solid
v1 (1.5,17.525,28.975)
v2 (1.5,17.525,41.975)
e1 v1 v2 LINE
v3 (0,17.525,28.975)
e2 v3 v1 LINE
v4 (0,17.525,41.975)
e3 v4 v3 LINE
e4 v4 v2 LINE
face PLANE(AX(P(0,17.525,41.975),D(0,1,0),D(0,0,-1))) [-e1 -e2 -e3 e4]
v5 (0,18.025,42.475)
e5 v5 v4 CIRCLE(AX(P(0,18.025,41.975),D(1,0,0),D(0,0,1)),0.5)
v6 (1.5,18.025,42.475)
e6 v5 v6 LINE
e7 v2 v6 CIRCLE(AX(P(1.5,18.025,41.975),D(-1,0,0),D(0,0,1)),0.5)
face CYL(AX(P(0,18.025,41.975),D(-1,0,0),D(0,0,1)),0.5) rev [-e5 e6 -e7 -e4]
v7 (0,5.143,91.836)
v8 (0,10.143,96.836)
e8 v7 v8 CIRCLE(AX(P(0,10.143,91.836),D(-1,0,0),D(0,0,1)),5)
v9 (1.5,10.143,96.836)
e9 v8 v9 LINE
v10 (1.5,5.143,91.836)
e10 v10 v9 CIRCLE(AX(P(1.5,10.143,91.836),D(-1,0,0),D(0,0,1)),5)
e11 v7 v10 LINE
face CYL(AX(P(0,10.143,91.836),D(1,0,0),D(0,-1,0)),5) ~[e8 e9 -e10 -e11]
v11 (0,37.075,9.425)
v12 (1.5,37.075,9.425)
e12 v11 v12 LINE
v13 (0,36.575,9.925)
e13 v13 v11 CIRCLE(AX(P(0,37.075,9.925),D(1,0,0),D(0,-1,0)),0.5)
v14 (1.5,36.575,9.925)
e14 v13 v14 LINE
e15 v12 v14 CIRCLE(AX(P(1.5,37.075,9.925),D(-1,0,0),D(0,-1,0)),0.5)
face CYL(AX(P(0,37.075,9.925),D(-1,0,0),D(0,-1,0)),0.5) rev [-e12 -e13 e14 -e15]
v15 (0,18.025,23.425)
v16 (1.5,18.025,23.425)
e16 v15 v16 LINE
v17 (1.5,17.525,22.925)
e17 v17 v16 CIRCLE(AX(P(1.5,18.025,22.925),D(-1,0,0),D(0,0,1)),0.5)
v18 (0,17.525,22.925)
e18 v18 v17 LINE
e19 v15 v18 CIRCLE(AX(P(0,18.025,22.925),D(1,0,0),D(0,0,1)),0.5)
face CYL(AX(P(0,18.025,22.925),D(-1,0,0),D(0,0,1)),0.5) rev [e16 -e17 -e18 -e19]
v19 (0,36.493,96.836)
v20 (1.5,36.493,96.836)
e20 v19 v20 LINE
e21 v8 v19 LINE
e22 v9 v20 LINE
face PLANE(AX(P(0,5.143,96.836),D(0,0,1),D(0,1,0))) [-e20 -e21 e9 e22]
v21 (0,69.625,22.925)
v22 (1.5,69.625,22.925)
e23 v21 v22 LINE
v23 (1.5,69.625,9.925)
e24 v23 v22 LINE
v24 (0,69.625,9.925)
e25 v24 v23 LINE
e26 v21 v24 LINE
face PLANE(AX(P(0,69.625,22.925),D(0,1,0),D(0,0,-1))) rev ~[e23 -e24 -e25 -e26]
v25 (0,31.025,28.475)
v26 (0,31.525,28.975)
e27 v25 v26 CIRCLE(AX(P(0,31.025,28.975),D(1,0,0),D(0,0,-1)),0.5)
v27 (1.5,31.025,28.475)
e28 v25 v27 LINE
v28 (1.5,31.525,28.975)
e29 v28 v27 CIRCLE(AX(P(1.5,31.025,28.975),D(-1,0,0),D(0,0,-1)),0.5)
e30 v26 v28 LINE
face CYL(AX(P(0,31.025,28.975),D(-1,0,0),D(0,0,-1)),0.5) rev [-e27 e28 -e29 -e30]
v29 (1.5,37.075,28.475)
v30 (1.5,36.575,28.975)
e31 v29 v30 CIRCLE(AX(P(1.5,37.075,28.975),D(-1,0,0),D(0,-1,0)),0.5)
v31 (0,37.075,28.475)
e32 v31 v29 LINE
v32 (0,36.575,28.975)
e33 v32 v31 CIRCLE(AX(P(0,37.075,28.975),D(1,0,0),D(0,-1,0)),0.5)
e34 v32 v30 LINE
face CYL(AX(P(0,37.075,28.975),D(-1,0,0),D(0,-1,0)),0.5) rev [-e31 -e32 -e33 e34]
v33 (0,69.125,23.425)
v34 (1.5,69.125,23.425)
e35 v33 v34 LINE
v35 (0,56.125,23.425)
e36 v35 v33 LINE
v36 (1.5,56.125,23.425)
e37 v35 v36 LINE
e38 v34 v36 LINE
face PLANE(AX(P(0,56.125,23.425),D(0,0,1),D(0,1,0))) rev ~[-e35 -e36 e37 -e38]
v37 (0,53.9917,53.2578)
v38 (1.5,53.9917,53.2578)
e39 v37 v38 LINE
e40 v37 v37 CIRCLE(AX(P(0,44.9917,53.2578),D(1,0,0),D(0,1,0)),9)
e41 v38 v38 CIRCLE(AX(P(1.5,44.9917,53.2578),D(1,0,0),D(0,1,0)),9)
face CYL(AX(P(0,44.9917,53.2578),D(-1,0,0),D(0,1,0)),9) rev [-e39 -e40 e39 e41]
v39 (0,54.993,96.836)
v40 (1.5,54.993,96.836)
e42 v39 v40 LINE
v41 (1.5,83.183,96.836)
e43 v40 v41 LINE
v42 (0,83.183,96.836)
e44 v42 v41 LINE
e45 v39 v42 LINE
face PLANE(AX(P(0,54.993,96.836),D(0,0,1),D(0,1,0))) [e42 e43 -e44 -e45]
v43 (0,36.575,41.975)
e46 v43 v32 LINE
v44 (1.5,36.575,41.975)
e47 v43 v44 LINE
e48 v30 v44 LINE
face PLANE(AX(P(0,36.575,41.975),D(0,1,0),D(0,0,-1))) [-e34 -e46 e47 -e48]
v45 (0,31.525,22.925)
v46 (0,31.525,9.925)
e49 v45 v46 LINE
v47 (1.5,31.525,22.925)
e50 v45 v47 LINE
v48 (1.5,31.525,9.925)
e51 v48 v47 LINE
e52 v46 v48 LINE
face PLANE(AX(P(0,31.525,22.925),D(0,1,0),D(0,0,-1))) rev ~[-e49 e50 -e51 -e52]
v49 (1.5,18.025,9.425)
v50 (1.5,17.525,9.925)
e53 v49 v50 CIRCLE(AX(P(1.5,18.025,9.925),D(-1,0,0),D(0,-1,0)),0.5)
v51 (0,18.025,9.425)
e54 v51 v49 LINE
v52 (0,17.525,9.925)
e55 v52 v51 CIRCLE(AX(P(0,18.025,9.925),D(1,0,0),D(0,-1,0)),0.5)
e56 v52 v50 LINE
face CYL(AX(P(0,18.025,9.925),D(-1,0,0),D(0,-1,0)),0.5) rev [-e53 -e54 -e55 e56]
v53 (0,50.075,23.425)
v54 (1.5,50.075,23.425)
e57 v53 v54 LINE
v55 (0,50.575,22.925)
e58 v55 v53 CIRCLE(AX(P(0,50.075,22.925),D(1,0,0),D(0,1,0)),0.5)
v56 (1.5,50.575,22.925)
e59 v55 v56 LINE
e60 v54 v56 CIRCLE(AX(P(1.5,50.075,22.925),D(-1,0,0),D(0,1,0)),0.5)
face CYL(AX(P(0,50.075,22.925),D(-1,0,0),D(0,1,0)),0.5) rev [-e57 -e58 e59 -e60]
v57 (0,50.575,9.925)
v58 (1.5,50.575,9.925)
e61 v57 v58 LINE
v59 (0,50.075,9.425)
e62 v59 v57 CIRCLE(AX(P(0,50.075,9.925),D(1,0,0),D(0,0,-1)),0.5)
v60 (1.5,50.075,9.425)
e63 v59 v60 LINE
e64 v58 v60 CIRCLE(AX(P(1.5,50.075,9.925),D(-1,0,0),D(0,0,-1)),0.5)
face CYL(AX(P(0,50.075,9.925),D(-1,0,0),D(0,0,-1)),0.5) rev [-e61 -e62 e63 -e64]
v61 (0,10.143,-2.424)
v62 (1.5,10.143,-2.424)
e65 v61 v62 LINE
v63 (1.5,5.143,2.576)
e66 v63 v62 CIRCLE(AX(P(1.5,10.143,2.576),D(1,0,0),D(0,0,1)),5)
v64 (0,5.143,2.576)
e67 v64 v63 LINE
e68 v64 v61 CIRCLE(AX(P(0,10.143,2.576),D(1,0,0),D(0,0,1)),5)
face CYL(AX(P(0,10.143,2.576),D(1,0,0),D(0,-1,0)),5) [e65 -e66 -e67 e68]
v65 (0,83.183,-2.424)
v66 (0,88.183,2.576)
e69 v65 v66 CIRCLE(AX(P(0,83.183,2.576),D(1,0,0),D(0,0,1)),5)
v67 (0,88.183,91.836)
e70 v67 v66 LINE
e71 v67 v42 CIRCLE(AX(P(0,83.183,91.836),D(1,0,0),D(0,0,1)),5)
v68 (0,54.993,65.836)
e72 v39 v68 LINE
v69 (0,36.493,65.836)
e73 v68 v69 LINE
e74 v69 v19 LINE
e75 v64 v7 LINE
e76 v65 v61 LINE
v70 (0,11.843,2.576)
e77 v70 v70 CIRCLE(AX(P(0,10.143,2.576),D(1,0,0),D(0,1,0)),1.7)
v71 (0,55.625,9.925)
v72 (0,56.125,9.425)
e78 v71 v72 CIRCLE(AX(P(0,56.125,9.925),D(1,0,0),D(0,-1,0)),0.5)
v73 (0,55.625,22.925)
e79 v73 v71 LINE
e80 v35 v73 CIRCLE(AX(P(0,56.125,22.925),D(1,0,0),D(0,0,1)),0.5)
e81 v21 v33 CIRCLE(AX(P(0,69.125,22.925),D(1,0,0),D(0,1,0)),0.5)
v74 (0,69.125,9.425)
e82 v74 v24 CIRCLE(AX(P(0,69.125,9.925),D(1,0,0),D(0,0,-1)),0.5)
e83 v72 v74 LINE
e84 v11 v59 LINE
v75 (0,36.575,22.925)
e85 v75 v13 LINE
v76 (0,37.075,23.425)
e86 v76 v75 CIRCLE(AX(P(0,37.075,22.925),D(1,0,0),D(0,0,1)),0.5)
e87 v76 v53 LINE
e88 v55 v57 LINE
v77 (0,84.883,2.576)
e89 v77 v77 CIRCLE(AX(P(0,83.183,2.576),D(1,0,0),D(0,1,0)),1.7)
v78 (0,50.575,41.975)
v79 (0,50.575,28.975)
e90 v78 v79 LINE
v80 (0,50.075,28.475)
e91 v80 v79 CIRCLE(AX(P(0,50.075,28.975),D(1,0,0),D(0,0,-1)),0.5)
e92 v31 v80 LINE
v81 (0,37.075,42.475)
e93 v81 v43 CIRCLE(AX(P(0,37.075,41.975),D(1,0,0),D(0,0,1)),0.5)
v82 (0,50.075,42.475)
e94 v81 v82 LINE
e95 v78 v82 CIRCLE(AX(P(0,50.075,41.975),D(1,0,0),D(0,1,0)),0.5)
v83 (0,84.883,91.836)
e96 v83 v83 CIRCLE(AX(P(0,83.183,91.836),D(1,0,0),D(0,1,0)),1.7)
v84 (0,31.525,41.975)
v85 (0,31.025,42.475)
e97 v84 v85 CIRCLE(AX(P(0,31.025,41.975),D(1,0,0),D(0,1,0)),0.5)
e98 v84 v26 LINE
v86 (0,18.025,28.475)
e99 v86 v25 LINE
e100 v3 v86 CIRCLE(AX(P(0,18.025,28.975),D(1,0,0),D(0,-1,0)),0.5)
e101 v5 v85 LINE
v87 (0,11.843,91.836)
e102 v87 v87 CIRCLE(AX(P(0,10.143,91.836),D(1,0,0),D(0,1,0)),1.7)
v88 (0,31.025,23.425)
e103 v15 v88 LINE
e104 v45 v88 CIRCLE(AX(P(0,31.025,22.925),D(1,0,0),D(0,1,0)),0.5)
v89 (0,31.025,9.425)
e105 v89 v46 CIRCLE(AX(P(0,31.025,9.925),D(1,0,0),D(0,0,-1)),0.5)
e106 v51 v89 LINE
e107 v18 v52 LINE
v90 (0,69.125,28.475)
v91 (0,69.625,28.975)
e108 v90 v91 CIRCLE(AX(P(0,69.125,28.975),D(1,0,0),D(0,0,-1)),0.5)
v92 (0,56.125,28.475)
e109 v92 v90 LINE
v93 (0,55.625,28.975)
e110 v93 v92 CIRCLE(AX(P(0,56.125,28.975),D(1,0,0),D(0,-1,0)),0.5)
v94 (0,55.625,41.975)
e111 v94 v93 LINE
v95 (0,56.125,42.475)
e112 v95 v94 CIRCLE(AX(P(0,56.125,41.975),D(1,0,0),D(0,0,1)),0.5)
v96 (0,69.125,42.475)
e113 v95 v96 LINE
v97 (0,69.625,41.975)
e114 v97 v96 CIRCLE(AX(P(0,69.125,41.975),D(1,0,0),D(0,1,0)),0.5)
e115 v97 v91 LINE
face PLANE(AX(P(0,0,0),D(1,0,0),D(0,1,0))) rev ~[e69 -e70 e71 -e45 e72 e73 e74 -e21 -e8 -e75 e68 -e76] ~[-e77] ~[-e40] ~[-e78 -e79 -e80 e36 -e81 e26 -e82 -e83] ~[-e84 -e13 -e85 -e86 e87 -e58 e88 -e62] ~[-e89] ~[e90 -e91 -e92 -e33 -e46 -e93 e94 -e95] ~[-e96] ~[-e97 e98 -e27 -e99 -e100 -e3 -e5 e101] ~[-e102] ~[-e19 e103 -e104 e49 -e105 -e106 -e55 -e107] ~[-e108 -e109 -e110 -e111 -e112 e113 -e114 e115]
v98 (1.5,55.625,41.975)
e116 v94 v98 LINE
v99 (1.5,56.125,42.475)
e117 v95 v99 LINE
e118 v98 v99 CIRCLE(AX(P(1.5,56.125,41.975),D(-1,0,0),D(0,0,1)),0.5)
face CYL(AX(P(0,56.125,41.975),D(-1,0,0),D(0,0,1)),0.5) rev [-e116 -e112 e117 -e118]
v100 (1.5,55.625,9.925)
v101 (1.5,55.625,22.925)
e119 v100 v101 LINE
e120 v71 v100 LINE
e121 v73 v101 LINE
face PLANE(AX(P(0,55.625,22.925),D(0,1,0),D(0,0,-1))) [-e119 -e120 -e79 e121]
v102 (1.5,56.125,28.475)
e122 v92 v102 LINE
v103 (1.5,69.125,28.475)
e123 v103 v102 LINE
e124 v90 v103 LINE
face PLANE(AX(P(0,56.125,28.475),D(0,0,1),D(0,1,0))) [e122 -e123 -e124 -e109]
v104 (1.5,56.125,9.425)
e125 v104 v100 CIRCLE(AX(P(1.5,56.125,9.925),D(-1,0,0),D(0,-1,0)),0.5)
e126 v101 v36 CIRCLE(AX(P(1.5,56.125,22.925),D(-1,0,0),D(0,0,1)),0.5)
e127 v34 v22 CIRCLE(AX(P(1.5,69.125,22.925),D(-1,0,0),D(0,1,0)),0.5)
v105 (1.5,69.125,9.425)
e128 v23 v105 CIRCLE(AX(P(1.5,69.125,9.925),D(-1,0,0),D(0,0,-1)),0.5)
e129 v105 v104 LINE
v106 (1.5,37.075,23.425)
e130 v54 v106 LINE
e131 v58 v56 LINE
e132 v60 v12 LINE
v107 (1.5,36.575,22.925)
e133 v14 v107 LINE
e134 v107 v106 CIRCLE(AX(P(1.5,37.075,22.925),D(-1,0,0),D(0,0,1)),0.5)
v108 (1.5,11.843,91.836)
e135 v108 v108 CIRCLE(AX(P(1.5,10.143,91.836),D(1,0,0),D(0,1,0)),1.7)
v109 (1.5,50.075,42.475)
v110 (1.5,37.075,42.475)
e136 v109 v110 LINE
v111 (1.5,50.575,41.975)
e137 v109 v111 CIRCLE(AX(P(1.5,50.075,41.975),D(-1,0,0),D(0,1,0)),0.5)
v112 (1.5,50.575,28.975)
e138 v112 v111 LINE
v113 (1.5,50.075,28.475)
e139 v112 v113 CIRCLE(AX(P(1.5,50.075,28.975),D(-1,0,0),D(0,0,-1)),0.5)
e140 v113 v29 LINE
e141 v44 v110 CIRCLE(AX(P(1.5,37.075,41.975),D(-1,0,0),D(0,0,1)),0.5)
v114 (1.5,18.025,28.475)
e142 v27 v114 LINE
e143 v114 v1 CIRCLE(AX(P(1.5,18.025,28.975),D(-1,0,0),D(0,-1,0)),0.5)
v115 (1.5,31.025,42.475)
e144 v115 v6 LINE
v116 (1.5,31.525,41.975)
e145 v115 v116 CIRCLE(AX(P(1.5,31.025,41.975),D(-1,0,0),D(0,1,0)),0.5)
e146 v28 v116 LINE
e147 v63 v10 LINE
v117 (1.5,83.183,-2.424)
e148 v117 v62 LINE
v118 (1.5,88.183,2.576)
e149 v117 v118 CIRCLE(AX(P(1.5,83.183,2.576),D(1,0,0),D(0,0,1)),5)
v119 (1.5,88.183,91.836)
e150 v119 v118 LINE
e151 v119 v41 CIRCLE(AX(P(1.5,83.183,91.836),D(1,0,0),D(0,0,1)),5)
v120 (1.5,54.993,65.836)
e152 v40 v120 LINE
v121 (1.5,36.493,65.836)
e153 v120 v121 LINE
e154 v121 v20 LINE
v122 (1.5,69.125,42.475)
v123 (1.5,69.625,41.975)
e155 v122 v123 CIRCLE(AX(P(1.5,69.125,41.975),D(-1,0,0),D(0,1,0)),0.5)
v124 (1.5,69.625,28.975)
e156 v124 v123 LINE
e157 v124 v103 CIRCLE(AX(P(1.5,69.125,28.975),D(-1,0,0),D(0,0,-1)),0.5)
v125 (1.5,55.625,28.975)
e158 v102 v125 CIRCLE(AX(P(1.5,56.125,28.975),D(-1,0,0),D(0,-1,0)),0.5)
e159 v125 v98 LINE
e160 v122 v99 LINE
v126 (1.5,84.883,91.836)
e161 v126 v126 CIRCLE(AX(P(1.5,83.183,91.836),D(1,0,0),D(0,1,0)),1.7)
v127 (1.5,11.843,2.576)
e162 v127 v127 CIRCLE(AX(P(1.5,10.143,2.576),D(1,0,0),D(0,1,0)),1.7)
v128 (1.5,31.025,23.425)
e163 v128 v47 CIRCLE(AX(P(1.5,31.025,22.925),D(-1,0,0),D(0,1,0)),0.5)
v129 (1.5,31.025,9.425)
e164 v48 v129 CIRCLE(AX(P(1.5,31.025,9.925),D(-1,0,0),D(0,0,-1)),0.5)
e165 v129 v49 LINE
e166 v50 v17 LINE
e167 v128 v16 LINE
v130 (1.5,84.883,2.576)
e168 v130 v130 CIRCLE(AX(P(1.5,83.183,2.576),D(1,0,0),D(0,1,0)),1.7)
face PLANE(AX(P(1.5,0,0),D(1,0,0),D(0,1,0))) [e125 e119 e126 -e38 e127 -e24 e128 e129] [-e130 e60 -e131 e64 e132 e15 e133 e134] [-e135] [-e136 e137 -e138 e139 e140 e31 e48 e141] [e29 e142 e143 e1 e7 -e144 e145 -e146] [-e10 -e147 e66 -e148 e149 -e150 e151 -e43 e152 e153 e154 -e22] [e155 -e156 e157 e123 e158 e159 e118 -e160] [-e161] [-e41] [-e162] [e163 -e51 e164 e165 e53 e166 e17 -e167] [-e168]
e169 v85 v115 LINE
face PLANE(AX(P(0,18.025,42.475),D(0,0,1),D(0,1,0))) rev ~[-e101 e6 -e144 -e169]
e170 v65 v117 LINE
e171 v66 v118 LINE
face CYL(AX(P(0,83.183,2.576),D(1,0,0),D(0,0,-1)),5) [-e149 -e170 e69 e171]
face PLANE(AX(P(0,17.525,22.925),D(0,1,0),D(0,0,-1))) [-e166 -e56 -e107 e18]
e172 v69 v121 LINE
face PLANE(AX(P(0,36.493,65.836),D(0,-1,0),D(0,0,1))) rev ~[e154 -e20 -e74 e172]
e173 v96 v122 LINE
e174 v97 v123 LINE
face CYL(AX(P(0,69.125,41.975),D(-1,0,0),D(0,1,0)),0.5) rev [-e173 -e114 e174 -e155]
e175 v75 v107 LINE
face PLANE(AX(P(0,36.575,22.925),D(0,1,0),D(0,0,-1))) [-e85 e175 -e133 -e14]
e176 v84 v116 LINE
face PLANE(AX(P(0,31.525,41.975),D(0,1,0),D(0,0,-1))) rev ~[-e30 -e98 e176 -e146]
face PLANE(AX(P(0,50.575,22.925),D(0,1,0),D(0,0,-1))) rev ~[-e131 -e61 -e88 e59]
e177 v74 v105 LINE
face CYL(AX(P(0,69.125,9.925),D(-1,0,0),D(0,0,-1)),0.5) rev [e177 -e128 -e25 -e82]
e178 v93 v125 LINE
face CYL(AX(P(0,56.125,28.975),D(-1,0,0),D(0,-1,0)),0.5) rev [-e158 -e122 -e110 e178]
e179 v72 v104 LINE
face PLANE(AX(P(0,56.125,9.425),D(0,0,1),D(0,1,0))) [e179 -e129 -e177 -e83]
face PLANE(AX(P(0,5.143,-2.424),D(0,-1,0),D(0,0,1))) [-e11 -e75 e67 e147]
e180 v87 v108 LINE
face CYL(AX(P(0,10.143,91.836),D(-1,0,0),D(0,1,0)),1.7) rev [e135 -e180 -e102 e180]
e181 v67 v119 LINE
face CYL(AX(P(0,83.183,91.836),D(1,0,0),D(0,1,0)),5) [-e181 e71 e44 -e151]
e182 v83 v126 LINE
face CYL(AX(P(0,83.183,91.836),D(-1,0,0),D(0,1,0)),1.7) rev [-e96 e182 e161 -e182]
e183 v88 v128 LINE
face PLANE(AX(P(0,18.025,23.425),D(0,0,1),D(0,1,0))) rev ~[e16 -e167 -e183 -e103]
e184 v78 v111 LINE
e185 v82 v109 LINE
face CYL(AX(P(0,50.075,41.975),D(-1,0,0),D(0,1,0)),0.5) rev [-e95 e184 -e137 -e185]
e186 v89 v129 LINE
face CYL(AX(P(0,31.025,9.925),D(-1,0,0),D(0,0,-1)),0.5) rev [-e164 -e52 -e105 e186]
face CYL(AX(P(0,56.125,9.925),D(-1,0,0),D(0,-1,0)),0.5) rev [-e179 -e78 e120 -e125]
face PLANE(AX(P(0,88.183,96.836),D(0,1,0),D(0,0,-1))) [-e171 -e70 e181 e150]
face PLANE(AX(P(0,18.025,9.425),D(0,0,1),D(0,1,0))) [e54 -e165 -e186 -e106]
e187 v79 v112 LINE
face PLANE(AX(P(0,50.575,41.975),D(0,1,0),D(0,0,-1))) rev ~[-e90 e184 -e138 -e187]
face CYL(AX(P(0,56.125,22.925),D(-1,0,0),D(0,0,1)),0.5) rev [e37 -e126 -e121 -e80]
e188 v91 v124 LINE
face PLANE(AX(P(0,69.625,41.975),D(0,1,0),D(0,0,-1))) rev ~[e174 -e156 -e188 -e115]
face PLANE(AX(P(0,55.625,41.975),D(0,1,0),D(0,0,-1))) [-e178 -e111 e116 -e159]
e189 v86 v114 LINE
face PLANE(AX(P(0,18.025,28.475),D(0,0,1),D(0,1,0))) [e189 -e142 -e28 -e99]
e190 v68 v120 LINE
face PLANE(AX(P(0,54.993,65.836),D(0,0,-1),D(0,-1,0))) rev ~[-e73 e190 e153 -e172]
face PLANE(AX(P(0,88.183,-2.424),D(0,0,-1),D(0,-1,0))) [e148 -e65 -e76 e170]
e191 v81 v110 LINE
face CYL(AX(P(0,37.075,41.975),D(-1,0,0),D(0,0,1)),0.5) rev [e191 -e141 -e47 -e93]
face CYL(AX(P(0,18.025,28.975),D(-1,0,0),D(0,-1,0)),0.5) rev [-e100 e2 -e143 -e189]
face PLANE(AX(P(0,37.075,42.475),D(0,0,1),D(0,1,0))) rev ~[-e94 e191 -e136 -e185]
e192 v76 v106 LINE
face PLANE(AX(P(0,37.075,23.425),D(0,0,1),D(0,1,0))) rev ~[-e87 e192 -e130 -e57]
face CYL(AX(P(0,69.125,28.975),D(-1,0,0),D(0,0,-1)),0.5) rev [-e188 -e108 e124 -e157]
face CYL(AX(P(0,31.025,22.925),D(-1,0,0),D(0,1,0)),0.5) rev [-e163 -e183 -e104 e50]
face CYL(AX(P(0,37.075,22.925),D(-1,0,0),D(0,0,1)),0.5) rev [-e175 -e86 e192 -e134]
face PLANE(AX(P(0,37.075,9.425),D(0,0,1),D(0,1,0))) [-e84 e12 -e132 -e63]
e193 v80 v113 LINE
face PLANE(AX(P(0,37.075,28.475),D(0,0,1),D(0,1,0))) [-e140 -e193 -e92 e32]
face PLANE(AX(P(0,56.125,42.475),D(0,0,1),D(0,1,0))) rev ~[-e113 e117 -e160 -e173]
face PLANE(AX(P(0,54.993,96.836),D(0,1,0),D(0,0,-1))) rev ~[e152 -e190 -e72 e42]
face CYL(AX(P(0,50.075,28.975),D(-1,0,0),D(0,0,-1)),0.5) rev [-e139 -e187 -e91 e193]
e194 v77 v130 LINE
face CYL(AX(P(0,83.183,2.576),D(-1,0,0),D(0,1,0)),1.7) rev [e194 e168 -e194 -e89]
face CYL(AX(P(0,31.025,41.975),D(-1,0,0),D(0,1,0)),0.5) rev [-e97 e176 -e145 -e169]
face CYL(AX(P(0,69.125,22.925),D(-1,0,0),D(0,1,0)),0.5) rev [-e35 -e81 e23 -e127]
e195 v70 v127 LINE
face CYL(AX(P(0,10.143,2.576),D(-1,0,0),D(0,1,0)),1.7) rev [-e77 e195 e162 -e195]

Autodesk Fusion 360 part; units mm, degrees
sketch "plate-2025-12-20T19_09_56.435Z" plane through (0, 0, 0) normal (1, 0, 0) x (0, 1, 0)
sketch "plate-2025-12-20T19_09_56.435Z (1)" plane through (0, 0, 0) normal (1, 0, 0) x (0, 1, 0)
  line L0 (18.025, 42.475) -> (31.025, 42.475)
  line L1 (18.025, 28.475) -> (31.025, 28.475)
  line L2 (17.525, 41.975) -> (17.525, 28.975)
  line L3 (31.525, 41.975) -> (31.525, 28.975)
  arc A0 (18.025, 42.475) -> (17.525, 41.975) centre (18.025, 41.975) ccw
  arc A1 (31.525, 41.975) -> (31.025, 42.475) centre (31.025, 41.975) ccw
  arc A2 (17.525, 28.975) -> (18.025, 28.475) centre (18.025, 28.975) ccw
  arc A3 (31.025, 28.475) -> (31.525, 28.975) centre (31.025, 28.975) ccw
  line L4 (37.075, 42.475) -> (50.075, 42.475)
  line L5 (37.075, 28.475) -> (50.075, 28.475)
  line L6 (36.575, 41.975) -> (36.575, 28.975)
  line L7 (50.575, 41.975) -> (50.575, 28.975)
  arc A4 (37.075, 42.475) -> (36.575, 41.975) centre (37.075, 41.975) ccw
  arc A5 (50.575, 41.975) -> (50.075, 42.475) centre (50.075, 41.975) ccw
  arc A6 (36.575, 28.975) -> (37.075, 28.475) centre (37.075, 28.975) ccw
  arc A7 (50.075, 28.475) -> (50.575, 28.975) centre (50.075, 28.975) ccw
  line L8 (56.125, 42.475) -> (69.125, 42.475)
  line L9 (56.125, 28.475) -> (69.125, 28.475)
  line L10 (55.625, 41.975) -> (55.625, 28.975)
  line L11 (69.625, 41.975) -> (69.625, 28.975)
  arc A8 (56.125, 42.475) -> (55.625, 41.975) centre (56.125, 41.975) ccw
  arc A9 (69.625, 41.975) -> (69.125, 42.475) centre (69.125, 41.975) ccw
  arc A10 (55.625, 28.975) -> (56.125, 28.475) centre (56.125, 28.975) ccw
  arc A11 (69.125, 28.475) -> (69.625, 28.975) centre (69.125, 28.975) ccw
  line L12 (18.025, 23.425) -> (31.025, 23.425)
  line L13 (18.025, 9.425) -> (31.025, 9.425)
  line L14 (17.525, 22.925) -> (17.525, 9.925)
  line L15 (31.525, 22.925) -> (31.525, 9.925)
  arc A12 (18.025, 23.425) -> (17.525, 22.925) centre (18.025, 22.925) ccw
  arc A13 (31.525, 22.925) -> (31.025, 23.425) centre (31.025, 22.925) ccw
  arc A14 (17.525, 9.925) -> (18.025, 9.425) centre (18.025, 9.925) ccw
  arc A15 (31.025, 9.425) -> (31.525, 9.925) centre (31.025, 9.925) ccw
  line L16 (37.075, 23.425) -> (50.075, 23.425)
  line L17 (37.075, 9.425) -> (50.075, 9.425)
  line L18 (36.575, 22.925) -> (36.575, 9.925)
  line L19 (50.575, 22.925) -> (50.575, 9.925)
  arc A16 (37.075, 23.425) -> (36.575, 22.925) centre (37.075, 22.925) ccw
  arc A17 (50.575, 22.925) -> (50.075, 23.425) centre (50.075, 22.925) ccw
  arc A18 (36.575, 9.925) -> (37.075, 9.425) centre (37.075, 9.925) ccw
  arc A19 (50.075, 9.425) -> (50.575, 9.925) centre (50.075, 9.925) ccw
  line L20 (56.125, 23.425) -> (69.125, 23.425)
  line L21 (56.125, 9.425) -> (69.125, 9.425)
  line L22 (55.625, 22.925) -> (55.625, 9.925)
  line L23 (69.625, 22.925) -> (69.625, 9.925)
  arc A20 (56.125, 23.425) -> (55.625, 22.925) centre (56.125, 22.925) ccw
  arc A21 (69.625, 22.925) -> (69.125, 23.425) centre (69.125, 22.925) ccw
  arc A22 (55.625, 9.925) -> (56.125, 9.425) centre (56.125, 9.925) ccw
  arc A23 (69.125, 9.425) -> (69.625, 9.925) centre (69.125, 9.925) ccw
sketch "Sketch3" plane through (0, 0, 0) normal (1, 0, 0) x (0, 1, 0)
  line L0 (5.143, 96.836) -> (88.183, 96.836)
  line L1 (88.183, 96.836) -> (88.183, -2.424)
  line L2 (88.183, -2.424) -> (5.143, -2.424)
  line L3 (5.143, -2.424) -> (5.143, 96.836)
  line L4 (18.025, 9.425) -> (31.025, 9.425)
  line L5 (17.525, 22.925) -> (17.525, 9.925)
  line L6 (36.493, 96.836) -> (54.993, 96.836)
  line L7 (54.993, 96.836) -> (54.993, 65.836)
  line L8 (54.993, 65.836) -> (36.493, 65.836)
  line L9 (36.493, 65.836) -> (36.493, 96.836)
  circle A0 centre (10.143, 2.576) radius 1.7
  circle A1 centre (83.183, 2.576) radius 1.7
  circle A2 centre (10.143, 91.836) radius 1.7
  circle A3 centre (83.183, 91.836) radius 1.7
  circle A4 centre (44.9917, 53.2578) radius 9
  dimension "d1" = 83.04
  dimension "d2" = 99.26
  dimension "d3" = 11.849
  dimension "d4" = 12.382
  dimension "d5" = 31
  dimension "d6" = 18.5
  dimension "d7" = 31.35
  dimension "d8" = 3.4
  dimension "d9" = 3.4
  dimension "d10" = 5
  dimension "d11" = 5
  dimension "d12" = 5
  dimension "d13" = 5
  dimension "d14" = 3.4
  dimension "d15" = 3.4
  dimension "d16" = 5
  dimension "d17" = 5
  dimension "d18" = 5
  dimension "d19" = 5
  dimension "d20" = 18
  dimension "d21" = 39.8487
extrude "Extrude1" add sketch "Sketch3" along normal blind 1.5 contours L0 L1 L2 L3 L7 L8 L9
extrude "Extrude2" cut sketch "plate-2025-12-20T19_09_56.435Z (1)" along normal through all
fillet "Fillet1" radius 5 1 edges at (0.75, 88.183, 96.836)
fillet "Fillet2" radius 5 1 edges at (0.75, 5.143, 96.836)
fillet "Fillet3" radius 5 1 edges at (0.75, 5.143, -2.424)
fillet "Fillet4" radius 5 1 edges at (0.75, 88.183, -2.424)
